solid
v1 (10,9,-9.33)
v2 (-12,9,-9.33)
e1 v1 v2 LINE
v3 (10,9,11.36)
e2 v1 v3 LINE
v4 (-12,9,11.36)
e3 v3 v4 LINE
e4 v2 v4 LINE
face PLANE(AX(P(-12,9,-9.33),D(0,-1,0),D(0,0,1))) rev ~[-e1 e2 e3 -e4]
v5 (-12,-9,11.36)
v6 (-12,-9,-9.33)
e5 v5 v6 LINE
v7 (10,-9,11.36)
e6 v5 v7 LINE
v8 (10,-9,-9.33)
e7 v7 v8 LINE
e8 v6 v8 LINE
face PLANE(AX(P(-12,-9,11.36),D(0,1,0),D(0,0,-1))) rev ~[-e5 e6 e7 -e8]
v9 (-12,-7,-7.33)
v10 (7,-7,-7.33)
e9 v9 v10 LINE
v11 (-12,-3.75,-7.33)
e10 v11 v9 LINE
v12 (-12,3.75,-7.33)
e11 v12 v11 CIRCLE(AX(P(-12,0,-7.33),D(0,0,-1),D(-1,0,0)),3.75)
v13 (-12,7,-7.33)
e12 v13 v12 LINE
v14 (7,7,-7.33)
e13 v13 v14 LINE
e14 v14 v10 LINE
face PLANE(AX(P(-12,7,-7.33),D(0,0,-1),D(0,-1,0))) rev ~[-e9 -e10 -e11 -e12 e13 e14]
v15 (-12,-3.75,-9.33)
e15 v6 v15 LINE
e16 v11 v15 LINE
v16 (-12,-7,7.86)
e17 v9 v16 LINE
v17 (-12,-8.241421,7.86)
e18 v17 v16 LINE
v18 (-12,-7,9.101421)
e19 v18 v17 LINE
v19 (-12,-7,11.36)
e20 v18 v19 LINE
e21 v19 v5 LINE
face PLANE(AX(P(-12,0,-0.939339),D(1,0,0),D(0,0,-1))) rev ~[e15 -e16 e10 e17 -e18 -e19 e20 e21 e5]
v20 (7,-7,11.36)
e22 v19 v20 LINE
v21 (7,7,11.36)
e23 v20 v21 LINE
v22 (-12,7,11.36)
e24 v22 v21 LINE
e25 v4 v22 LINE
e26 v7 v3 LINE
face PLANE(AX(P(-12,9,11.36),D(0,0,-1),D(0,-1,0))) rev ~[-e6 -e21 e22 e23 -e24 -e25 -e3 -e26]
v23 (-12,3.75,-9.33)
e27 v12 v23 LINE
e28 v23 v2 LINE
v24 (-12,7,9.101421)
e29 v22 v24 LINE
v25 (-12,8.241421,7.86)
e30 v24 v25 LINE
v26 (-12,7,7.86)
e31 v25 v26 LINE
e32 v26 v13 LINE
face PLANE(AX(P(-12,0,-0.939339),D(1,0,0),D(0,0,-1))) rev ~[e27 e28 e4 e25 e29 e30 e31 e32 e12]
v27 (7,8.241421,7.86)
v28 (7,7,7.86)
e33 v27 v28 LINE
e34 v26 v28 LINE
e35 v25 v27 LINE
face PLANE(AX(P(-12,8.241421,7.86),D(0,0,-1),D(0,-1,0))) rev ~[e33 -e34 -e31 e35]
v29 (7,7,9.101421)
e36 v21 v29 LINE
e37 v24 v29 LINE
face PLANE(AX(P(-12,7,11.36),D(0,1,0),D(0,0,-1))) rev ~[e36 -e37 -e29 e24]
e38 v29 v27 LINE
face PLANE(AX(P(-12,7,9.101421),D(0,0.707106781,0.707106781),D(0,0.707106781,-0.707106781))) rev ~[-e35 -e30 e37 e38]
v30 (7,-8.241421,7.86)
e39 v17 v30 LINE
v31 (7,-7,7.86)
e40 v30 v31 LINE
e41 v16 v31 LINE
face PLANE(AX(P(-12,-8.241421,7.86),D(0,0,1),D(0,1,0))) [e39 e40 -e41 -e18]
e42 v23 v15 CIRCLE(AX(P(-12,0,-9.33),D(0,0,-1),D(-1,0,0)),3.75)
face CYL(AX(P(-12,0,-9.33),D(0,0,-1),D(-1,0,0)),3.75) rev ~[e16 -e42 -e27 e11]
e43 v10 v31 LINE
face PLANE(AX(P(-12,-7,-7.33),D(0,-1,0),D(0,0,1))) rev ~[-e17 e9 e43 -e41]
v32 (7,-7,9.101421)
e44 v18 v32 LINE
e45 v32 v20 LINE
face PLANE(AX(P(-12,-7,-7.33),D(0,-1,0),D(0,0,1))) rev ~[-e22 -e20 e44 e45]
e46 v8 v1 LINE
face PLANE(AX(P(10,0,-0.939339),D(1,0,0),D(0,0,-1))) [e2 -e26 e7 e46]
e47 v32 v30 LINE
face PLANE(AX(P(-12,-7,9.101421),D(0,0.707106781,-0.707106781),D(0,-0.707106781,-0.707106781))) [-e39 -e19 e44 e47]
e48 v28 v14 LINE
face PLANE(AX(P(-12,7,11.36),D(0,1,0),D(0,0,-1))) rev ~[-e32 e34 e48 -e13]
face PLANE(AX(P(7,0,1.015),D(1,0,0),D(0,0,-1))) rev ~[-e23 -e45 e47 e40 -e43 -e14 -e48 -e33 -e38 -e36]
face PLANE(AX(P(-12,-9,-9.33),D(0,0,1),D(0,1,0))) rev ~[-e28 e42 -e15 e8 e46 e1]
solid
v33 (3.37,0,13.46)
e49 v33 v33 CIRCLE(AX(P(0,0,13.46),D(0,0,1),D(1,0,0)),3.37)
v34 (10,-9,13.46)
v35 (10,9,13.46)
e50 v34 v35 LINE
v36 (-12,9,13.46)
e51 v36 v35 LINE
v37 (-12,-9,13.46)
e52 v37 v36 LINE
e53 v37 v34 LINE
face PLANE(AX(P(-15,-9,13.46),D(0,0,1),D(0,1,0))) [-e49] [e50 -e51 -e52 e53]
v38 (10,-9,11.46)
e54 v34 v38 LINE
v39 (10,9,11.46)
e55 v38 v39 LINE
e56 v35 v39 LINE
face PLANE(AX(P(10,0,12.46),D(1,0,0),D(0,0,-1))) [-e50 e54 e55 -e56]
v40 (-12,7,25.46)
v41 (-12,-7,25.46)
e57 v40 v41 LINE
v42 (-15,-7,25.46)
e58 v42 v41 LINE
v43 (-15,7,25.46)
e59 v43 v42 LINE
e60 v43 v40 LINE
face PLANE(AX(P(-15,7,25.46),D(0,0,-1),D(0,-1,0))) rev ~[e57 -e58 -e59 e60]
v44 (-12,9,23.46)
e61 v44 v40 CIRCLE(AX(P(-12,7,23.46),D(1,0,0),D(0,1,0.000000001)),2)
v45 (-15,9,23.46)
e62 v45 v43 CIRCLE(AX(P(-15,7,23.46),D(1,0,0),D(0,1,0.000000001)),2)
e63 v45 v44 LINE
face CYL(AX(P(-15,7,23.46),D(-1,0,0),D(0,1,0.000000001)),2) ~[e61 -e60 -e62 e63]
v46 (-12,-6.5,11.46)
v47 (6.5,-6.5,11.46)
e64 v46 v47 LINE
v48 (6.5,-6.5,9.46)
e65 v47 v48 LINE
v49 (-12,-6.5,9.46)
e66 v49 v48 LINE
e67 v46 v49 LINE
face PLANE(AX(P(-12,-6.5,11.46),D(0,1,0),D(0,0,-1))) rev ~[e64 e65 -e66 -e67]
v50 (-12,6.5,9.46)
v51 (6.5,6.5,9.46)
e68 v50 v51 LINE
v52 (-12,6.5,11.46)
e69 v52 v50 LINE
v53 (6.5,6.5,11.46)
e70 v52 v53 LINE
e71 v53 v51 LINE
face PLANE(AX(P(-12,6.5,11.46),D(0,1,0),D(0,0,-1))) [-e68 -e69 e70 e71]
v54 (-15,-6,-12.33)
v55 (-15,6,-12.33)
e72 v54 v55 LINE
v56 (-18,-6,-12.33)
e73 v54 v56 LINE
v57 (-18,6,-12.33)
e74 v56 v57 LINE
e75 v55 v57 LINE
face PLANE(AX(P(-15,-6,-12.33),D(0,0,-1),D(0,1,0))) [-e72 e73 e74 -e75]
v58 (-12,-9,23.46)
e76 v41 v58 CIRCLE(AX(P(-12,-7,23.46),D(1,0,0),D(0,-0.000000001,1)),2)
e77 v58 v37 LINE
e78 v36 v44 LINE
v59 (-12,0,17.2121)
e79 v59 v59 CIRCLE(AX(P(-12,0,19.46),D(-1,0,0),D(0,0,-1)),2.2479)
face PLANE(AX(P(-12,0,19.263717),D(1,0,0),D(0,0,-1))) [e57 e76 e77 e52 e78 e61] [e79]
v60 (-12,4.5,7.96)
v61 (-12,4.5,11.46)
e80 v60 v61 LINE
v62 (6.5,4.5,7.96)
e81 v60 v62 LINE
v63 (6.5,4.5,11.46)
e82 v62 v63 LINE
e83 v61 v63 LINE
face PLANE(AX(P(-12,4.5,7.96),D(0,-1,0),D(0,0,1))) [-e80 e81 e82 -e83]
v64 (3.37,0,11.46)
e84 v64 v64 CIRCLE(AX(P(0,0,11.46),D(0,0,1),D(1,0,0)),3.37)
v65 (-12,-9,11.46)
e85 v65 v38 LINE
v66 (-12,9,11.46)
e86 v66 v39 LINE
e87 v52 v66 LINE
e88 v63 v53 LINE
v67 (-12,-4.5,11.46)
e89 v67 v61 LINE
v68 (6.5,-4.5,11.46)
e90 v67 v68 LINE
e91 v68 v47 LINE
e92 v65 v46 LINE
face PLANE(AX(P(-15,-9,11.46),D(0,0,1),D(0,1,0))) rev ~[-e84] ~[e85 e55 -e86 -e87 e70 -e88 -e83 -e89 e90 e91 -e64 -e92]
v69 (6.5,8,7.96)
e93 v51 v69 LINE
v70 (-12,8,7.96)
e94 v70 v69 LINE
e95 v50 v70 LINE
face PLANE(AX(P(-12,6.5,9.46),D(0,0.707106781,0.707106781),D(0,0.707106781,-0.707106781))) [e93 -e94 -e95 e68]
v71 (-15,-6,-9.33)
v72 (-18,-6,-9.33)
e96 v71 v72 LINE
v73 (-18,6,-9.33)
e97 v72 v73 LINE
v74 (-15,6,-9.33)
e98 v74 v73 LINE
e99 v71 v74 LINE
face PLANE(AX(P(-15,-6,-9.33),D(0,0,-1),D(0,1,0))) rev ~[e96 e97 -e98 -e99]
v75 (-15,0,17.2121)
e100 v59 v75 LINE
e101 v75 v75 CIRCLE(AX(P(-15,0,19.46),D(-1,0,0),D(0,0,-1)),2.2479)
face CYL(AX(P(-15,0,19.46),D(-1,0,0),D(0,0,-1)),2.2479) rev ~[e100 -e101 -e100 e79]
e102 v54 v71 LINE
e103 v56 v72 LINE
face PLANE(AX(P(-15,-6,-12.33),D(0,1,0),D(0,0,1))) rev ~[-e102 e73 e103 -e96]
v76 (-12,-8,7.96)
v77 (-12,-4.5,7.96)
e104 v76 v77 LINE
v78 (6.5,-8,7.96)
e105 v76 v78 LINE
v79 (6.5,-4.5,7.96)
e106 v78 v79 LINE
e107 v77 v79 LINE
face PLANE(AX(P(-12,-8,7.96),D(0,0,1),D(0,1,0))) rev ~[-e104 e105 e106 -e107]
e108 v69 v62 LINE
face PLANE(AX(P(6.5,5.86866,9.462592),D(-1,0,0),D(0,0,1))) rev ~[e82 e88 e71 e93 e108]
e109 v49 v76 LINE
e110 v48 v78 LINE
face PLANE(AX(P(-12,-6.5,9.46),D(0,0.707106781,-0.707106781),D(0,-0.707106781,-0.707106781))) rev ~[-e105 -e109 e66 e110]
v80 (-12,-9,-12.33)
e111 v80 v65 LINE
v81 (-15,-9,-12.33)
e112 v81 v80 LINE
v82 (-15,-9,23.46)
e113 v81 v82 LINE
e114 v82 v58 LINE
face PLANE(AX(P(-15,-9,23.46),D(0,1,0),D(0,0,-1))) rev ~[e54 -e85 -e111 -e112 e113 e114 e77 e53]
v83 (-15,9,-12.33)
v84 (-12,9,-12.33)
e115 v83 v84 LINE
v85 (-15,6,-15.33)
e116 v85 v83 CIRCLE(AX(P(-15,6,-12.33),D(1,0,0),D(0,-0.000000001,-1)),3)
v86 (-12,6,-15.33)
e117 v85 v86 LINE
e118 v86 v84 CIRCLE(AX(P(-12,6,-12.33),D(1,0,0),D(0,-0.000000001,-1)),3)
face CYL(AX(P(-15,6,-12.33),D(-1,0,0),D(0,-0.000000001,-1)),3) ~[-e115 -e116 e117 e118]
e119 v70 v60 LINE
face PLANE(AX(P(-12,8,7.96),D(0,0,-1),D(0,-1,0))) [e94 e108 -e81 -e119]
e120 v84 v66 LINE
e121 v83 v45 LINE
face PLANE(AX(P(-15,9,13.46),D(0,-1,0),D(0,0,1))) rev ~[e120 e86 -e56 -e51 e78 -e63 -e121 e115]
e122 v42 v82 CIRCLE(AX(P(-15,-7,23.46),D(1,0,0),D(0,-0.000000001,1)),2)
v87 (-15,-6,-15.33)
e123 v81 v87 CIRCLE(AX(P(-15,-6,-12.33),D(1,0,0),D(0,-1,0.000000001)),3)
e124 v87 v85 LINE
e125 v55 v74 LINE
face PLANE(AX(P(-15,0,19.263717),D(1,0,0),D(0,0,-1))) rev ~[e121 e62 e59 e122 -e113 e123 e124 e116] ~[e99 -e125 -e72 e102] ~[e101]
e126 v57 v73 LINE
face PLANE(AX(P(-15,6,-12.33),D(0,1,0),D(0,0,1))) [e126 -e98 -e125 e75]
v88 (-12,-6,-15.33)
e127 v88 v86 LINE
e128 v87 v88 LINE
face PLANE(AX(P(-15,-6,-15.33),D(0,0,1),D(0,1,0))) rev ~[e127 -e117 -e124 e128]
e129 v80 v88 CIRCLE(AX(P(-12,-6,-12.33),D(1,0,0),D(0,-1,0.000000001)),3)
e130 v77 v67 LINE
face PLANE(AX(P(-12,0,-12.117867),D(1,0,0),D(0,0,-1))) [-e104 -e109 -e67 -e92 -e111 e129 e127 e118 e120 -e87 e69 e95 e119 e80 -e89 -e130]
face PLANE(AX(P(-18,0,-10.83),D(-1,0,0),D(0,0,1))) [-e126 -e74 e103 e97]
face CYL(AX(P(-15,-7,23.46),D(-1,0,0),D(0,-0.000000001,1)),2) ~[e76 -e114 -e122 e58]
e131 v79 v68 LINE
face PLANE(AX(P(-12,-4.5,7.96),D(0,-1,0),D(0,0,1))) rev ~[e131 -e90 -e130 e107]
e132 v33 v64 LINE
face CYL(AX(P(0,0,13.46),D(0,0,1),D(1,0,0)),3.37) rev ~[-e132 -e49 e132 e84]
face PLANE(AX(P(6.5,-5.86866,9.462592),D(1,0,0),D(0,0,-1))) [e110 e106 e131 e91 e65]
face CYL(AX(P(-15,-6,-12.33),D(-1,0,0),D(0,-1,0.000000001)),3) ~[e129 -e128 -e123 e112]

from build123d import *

# Parameters (mm, degrees)
BOSS_EXTRUDE1_DEPTH      = 10
BOSS_EXTRUDE1_DEPTH_BACK = 15
SKETCH1_W                = 2
SKETCH1_H                = 18
SKETCH2_W                = 3
SKETCH2_H                = 18
BOSS_EXTRUDE2_DEPTH      = 20.79
BOSS_EXTRUDE3_DEPTH      = 22
SKETCH6_W                = 20.69
SKETCH6_H                = 18
BOSS_EXTRUDE4_DEPTH      = 3
CUT_EXTRUDE1_DEPTH       = 19
BOSS_EXTRUDE5_DEPTH      = 18.5
SKETCH7_R                = 3.75
CUT_EXTRUDE2_DEPTH       = 29.729498777
SKETCH8_R                = 3.37
CUT_EXTRUDE3_DEPTH       = 29.729498777
BOSS_EXTRUDE6_DEPTH      = 3
SKETCH13_W               = 3
SKETCH13_H               = 12
BOSS_EXTRUDE7_DEPTH      = 3
BOSS_EXTRUDE8_DEPTH      = 3
SKETCH17_W               = 2.2479
SKETCH17_H               = 6


with BuildPart() as part:
    # Sketch1 → Boss-Extrude1 (new, two sides: drawn at the far end of the back side and taken through both)
    with BuildSketch(Plane(origin=(0, 0, 0), x_dir=(0, 0, -1), z_dir=(1, 0, 0)).offset(-BOSS_EXTRUDE1_DEPTH_BACK)):
        with Locations((-12.46, 0)):
            Rectangle(SKETCH1_W, SKETCH1_H)
    extrude(amount=BOSS_EXTRUDE1_DEPTH + BOSS_EXTRUDE1_DEPTH_BACK)

    # Sketch2 → Boss-Extrude2 (add)
    with BuildSketch(Plane(origin=(0, 0, 11.46), x_dir=(-1, 0, 0), z_dir=(0, 0, -1))):
        with Locations((13.5, 0)):
            Rectangle(SKETCH2_W, SKETCH2_H)
    extrude(amount=BOSS_EXTRUDE2_DEPTH)

    # Sketch4 → Boss-Extrude5 (add)
    with BuildSketch(Plane(origin=(-12, 0, 0), x_dir=(0, 0, -1), z_dir=(1, 0, 0))):
        Polygon((-11.46, 6.5), (-9.46, 6.5), (-7.96, 8), (-7.96, 4.5), (-11.46, 4.5), align=None)
        Polygon((-7.96, -4.5), (-11.46, -4.5), (-11.46, -6.5), (-9.46, -6.5), (-7.96, -8), align=None)
    extrude(amount=BOSS_EXTRUDE5_DEPTH)

    # Sketch8 → Cut-Extrude3 (cut, through all)
    with BuildSketch(Plane.XY.offset(13.46)):
        Circle(SKETCH8_R)
    extrude(amount=-CUT_EXTRUDE3_DEPTH, mode=Mode.SUBTRACT)

    # Sketch9 → Boss-Extrude6 (add)
    with BuildSketch(Plane.ZY.offset(15)):
        with BuildLine():
            Line((-9.33, -9), (-12.33, -9))
            ThreePointArc((-12.33, -9), (-14.451320344, -8.121320344), (-15.33, -6))
            Line((-15.33, -6), (-15.33, 6))
            ThreePointArc((-15.33, 6), (-14.451320344, 8.121320344), (-12.33, 9))
            Line((-12.33, 9), (-9.33, 9))
            Line((-9.33, 9), (-9.33, -9))
        make_face()
    extrude(amount=-BOSS_EXTRUDE6_DEPTH)

    # Sketch13 → Boss-Extrude7 (add)
    with BuildSketch(Plane.ZY.offset(15)):
        with Locations((-10.83, 0)):
            Rectangle(SKETCH13_W, SKETCH13_H)
    extrude(amount=BOSS_EXTRUDE7_DEPTH)

    # Sketch14 → Boss-Extrude8 (add)
    with BuildSketch(Plane.ZY.offset(15)):
        with BuildLine():
            Line((13.46, -9), (13.46, 9))
            Line((13.46, 9), (23.46, 9))
            ThreePointArc((23.46, 9), (24.874213562, 8.414213562), (25.46, 7))
            Line((25.46, 7), (25.46, -7))
            ThreePointArc((25.46, -7), (24.874213562, -8.414213562), (23.46, -9))
            Line((23.46, -9), (13.46, -9))
        make_face()
    extrude(amount=-BOSS_EXTRUDE8_DEPTH)

    # Sketch17 → #8 Clearance Hole1 (revolve, cut)
    with BuildSketch(Plane(origin=(-12, 0, 19.46), x_dir=(0, 0, -1), z_dir=(0, 1, 0))):
        with Locations((1.12395, 3)):
            Rectangle(SKETCH17_W, SKETCH17_H)
    revolve(axis=Axis((-5.65, 0, 19.46), (-1, 0, 0)), mode=Mode.SUBTRACT)


with BuildPart() as body_2:
    # Sketch3 → Boss-Extrude3 (new body)
    with BuildSketch(Plane(origin=(-12, 0, 0), x_dir=(0, 0, -1), z_dir=(1, 0, 0))):
        Polygon((-11.36, 9), (-11.36, 7), (7.33, 7), (7.33, -7), (-11.36, -7), (-11.36, -9), (9.33, -9), (9.33, 9), align=None)
    extrude(amount=BOSS_EXTRUDE3_DEPTH)

    # Sketch6 → Boss-Extrude4 (add)
    with BuildSketch(Plane(origin=(10, 0, 0), x_dir=(0, 0, -1), z_dir=(1, 0, 0))):
        with Locations((-1.015, 0)):
            Rectangle(SKETCH6_W, SKETCH6_H)
    extrude(amount=-BOSS_EXTRUDE4_DEPTH)

    # Sketch5 → Cut-Extrude1 (cut)
    with BuildSketch(Plane(origin=(-12, 0, 0), x_dir=(0, 0, -1), z_dir=(1, 0, 0))):
        Polygon((-9.101421356, 7), (-7.86, 8.241421356), (-7.86, 7), align=None)
        Polygon((-7.86, -8.241421356), (-7.86, -7), (-9.101421356, -7), align=None)
    extrude(amount=CUT_EXTRUDE1_DEPTH, mode=Mode.SUBTRACT)

    # Sketch7 → Cut-Extrude2 (cut, through all)
    with BuildSketch(Plane(origin=(0, 0, -9.33), x_dir=(-1, 0, 0), z_dir=(0, 0, -1))):
        with Locations((12, 0)):
            Circle(SKETCH7_R)
    extrude(amount=-CUT_EXTRUDE2_DEPTH, mode=Mode.SUBTRACT)


solid = Compound([part.part, body_2.part])
